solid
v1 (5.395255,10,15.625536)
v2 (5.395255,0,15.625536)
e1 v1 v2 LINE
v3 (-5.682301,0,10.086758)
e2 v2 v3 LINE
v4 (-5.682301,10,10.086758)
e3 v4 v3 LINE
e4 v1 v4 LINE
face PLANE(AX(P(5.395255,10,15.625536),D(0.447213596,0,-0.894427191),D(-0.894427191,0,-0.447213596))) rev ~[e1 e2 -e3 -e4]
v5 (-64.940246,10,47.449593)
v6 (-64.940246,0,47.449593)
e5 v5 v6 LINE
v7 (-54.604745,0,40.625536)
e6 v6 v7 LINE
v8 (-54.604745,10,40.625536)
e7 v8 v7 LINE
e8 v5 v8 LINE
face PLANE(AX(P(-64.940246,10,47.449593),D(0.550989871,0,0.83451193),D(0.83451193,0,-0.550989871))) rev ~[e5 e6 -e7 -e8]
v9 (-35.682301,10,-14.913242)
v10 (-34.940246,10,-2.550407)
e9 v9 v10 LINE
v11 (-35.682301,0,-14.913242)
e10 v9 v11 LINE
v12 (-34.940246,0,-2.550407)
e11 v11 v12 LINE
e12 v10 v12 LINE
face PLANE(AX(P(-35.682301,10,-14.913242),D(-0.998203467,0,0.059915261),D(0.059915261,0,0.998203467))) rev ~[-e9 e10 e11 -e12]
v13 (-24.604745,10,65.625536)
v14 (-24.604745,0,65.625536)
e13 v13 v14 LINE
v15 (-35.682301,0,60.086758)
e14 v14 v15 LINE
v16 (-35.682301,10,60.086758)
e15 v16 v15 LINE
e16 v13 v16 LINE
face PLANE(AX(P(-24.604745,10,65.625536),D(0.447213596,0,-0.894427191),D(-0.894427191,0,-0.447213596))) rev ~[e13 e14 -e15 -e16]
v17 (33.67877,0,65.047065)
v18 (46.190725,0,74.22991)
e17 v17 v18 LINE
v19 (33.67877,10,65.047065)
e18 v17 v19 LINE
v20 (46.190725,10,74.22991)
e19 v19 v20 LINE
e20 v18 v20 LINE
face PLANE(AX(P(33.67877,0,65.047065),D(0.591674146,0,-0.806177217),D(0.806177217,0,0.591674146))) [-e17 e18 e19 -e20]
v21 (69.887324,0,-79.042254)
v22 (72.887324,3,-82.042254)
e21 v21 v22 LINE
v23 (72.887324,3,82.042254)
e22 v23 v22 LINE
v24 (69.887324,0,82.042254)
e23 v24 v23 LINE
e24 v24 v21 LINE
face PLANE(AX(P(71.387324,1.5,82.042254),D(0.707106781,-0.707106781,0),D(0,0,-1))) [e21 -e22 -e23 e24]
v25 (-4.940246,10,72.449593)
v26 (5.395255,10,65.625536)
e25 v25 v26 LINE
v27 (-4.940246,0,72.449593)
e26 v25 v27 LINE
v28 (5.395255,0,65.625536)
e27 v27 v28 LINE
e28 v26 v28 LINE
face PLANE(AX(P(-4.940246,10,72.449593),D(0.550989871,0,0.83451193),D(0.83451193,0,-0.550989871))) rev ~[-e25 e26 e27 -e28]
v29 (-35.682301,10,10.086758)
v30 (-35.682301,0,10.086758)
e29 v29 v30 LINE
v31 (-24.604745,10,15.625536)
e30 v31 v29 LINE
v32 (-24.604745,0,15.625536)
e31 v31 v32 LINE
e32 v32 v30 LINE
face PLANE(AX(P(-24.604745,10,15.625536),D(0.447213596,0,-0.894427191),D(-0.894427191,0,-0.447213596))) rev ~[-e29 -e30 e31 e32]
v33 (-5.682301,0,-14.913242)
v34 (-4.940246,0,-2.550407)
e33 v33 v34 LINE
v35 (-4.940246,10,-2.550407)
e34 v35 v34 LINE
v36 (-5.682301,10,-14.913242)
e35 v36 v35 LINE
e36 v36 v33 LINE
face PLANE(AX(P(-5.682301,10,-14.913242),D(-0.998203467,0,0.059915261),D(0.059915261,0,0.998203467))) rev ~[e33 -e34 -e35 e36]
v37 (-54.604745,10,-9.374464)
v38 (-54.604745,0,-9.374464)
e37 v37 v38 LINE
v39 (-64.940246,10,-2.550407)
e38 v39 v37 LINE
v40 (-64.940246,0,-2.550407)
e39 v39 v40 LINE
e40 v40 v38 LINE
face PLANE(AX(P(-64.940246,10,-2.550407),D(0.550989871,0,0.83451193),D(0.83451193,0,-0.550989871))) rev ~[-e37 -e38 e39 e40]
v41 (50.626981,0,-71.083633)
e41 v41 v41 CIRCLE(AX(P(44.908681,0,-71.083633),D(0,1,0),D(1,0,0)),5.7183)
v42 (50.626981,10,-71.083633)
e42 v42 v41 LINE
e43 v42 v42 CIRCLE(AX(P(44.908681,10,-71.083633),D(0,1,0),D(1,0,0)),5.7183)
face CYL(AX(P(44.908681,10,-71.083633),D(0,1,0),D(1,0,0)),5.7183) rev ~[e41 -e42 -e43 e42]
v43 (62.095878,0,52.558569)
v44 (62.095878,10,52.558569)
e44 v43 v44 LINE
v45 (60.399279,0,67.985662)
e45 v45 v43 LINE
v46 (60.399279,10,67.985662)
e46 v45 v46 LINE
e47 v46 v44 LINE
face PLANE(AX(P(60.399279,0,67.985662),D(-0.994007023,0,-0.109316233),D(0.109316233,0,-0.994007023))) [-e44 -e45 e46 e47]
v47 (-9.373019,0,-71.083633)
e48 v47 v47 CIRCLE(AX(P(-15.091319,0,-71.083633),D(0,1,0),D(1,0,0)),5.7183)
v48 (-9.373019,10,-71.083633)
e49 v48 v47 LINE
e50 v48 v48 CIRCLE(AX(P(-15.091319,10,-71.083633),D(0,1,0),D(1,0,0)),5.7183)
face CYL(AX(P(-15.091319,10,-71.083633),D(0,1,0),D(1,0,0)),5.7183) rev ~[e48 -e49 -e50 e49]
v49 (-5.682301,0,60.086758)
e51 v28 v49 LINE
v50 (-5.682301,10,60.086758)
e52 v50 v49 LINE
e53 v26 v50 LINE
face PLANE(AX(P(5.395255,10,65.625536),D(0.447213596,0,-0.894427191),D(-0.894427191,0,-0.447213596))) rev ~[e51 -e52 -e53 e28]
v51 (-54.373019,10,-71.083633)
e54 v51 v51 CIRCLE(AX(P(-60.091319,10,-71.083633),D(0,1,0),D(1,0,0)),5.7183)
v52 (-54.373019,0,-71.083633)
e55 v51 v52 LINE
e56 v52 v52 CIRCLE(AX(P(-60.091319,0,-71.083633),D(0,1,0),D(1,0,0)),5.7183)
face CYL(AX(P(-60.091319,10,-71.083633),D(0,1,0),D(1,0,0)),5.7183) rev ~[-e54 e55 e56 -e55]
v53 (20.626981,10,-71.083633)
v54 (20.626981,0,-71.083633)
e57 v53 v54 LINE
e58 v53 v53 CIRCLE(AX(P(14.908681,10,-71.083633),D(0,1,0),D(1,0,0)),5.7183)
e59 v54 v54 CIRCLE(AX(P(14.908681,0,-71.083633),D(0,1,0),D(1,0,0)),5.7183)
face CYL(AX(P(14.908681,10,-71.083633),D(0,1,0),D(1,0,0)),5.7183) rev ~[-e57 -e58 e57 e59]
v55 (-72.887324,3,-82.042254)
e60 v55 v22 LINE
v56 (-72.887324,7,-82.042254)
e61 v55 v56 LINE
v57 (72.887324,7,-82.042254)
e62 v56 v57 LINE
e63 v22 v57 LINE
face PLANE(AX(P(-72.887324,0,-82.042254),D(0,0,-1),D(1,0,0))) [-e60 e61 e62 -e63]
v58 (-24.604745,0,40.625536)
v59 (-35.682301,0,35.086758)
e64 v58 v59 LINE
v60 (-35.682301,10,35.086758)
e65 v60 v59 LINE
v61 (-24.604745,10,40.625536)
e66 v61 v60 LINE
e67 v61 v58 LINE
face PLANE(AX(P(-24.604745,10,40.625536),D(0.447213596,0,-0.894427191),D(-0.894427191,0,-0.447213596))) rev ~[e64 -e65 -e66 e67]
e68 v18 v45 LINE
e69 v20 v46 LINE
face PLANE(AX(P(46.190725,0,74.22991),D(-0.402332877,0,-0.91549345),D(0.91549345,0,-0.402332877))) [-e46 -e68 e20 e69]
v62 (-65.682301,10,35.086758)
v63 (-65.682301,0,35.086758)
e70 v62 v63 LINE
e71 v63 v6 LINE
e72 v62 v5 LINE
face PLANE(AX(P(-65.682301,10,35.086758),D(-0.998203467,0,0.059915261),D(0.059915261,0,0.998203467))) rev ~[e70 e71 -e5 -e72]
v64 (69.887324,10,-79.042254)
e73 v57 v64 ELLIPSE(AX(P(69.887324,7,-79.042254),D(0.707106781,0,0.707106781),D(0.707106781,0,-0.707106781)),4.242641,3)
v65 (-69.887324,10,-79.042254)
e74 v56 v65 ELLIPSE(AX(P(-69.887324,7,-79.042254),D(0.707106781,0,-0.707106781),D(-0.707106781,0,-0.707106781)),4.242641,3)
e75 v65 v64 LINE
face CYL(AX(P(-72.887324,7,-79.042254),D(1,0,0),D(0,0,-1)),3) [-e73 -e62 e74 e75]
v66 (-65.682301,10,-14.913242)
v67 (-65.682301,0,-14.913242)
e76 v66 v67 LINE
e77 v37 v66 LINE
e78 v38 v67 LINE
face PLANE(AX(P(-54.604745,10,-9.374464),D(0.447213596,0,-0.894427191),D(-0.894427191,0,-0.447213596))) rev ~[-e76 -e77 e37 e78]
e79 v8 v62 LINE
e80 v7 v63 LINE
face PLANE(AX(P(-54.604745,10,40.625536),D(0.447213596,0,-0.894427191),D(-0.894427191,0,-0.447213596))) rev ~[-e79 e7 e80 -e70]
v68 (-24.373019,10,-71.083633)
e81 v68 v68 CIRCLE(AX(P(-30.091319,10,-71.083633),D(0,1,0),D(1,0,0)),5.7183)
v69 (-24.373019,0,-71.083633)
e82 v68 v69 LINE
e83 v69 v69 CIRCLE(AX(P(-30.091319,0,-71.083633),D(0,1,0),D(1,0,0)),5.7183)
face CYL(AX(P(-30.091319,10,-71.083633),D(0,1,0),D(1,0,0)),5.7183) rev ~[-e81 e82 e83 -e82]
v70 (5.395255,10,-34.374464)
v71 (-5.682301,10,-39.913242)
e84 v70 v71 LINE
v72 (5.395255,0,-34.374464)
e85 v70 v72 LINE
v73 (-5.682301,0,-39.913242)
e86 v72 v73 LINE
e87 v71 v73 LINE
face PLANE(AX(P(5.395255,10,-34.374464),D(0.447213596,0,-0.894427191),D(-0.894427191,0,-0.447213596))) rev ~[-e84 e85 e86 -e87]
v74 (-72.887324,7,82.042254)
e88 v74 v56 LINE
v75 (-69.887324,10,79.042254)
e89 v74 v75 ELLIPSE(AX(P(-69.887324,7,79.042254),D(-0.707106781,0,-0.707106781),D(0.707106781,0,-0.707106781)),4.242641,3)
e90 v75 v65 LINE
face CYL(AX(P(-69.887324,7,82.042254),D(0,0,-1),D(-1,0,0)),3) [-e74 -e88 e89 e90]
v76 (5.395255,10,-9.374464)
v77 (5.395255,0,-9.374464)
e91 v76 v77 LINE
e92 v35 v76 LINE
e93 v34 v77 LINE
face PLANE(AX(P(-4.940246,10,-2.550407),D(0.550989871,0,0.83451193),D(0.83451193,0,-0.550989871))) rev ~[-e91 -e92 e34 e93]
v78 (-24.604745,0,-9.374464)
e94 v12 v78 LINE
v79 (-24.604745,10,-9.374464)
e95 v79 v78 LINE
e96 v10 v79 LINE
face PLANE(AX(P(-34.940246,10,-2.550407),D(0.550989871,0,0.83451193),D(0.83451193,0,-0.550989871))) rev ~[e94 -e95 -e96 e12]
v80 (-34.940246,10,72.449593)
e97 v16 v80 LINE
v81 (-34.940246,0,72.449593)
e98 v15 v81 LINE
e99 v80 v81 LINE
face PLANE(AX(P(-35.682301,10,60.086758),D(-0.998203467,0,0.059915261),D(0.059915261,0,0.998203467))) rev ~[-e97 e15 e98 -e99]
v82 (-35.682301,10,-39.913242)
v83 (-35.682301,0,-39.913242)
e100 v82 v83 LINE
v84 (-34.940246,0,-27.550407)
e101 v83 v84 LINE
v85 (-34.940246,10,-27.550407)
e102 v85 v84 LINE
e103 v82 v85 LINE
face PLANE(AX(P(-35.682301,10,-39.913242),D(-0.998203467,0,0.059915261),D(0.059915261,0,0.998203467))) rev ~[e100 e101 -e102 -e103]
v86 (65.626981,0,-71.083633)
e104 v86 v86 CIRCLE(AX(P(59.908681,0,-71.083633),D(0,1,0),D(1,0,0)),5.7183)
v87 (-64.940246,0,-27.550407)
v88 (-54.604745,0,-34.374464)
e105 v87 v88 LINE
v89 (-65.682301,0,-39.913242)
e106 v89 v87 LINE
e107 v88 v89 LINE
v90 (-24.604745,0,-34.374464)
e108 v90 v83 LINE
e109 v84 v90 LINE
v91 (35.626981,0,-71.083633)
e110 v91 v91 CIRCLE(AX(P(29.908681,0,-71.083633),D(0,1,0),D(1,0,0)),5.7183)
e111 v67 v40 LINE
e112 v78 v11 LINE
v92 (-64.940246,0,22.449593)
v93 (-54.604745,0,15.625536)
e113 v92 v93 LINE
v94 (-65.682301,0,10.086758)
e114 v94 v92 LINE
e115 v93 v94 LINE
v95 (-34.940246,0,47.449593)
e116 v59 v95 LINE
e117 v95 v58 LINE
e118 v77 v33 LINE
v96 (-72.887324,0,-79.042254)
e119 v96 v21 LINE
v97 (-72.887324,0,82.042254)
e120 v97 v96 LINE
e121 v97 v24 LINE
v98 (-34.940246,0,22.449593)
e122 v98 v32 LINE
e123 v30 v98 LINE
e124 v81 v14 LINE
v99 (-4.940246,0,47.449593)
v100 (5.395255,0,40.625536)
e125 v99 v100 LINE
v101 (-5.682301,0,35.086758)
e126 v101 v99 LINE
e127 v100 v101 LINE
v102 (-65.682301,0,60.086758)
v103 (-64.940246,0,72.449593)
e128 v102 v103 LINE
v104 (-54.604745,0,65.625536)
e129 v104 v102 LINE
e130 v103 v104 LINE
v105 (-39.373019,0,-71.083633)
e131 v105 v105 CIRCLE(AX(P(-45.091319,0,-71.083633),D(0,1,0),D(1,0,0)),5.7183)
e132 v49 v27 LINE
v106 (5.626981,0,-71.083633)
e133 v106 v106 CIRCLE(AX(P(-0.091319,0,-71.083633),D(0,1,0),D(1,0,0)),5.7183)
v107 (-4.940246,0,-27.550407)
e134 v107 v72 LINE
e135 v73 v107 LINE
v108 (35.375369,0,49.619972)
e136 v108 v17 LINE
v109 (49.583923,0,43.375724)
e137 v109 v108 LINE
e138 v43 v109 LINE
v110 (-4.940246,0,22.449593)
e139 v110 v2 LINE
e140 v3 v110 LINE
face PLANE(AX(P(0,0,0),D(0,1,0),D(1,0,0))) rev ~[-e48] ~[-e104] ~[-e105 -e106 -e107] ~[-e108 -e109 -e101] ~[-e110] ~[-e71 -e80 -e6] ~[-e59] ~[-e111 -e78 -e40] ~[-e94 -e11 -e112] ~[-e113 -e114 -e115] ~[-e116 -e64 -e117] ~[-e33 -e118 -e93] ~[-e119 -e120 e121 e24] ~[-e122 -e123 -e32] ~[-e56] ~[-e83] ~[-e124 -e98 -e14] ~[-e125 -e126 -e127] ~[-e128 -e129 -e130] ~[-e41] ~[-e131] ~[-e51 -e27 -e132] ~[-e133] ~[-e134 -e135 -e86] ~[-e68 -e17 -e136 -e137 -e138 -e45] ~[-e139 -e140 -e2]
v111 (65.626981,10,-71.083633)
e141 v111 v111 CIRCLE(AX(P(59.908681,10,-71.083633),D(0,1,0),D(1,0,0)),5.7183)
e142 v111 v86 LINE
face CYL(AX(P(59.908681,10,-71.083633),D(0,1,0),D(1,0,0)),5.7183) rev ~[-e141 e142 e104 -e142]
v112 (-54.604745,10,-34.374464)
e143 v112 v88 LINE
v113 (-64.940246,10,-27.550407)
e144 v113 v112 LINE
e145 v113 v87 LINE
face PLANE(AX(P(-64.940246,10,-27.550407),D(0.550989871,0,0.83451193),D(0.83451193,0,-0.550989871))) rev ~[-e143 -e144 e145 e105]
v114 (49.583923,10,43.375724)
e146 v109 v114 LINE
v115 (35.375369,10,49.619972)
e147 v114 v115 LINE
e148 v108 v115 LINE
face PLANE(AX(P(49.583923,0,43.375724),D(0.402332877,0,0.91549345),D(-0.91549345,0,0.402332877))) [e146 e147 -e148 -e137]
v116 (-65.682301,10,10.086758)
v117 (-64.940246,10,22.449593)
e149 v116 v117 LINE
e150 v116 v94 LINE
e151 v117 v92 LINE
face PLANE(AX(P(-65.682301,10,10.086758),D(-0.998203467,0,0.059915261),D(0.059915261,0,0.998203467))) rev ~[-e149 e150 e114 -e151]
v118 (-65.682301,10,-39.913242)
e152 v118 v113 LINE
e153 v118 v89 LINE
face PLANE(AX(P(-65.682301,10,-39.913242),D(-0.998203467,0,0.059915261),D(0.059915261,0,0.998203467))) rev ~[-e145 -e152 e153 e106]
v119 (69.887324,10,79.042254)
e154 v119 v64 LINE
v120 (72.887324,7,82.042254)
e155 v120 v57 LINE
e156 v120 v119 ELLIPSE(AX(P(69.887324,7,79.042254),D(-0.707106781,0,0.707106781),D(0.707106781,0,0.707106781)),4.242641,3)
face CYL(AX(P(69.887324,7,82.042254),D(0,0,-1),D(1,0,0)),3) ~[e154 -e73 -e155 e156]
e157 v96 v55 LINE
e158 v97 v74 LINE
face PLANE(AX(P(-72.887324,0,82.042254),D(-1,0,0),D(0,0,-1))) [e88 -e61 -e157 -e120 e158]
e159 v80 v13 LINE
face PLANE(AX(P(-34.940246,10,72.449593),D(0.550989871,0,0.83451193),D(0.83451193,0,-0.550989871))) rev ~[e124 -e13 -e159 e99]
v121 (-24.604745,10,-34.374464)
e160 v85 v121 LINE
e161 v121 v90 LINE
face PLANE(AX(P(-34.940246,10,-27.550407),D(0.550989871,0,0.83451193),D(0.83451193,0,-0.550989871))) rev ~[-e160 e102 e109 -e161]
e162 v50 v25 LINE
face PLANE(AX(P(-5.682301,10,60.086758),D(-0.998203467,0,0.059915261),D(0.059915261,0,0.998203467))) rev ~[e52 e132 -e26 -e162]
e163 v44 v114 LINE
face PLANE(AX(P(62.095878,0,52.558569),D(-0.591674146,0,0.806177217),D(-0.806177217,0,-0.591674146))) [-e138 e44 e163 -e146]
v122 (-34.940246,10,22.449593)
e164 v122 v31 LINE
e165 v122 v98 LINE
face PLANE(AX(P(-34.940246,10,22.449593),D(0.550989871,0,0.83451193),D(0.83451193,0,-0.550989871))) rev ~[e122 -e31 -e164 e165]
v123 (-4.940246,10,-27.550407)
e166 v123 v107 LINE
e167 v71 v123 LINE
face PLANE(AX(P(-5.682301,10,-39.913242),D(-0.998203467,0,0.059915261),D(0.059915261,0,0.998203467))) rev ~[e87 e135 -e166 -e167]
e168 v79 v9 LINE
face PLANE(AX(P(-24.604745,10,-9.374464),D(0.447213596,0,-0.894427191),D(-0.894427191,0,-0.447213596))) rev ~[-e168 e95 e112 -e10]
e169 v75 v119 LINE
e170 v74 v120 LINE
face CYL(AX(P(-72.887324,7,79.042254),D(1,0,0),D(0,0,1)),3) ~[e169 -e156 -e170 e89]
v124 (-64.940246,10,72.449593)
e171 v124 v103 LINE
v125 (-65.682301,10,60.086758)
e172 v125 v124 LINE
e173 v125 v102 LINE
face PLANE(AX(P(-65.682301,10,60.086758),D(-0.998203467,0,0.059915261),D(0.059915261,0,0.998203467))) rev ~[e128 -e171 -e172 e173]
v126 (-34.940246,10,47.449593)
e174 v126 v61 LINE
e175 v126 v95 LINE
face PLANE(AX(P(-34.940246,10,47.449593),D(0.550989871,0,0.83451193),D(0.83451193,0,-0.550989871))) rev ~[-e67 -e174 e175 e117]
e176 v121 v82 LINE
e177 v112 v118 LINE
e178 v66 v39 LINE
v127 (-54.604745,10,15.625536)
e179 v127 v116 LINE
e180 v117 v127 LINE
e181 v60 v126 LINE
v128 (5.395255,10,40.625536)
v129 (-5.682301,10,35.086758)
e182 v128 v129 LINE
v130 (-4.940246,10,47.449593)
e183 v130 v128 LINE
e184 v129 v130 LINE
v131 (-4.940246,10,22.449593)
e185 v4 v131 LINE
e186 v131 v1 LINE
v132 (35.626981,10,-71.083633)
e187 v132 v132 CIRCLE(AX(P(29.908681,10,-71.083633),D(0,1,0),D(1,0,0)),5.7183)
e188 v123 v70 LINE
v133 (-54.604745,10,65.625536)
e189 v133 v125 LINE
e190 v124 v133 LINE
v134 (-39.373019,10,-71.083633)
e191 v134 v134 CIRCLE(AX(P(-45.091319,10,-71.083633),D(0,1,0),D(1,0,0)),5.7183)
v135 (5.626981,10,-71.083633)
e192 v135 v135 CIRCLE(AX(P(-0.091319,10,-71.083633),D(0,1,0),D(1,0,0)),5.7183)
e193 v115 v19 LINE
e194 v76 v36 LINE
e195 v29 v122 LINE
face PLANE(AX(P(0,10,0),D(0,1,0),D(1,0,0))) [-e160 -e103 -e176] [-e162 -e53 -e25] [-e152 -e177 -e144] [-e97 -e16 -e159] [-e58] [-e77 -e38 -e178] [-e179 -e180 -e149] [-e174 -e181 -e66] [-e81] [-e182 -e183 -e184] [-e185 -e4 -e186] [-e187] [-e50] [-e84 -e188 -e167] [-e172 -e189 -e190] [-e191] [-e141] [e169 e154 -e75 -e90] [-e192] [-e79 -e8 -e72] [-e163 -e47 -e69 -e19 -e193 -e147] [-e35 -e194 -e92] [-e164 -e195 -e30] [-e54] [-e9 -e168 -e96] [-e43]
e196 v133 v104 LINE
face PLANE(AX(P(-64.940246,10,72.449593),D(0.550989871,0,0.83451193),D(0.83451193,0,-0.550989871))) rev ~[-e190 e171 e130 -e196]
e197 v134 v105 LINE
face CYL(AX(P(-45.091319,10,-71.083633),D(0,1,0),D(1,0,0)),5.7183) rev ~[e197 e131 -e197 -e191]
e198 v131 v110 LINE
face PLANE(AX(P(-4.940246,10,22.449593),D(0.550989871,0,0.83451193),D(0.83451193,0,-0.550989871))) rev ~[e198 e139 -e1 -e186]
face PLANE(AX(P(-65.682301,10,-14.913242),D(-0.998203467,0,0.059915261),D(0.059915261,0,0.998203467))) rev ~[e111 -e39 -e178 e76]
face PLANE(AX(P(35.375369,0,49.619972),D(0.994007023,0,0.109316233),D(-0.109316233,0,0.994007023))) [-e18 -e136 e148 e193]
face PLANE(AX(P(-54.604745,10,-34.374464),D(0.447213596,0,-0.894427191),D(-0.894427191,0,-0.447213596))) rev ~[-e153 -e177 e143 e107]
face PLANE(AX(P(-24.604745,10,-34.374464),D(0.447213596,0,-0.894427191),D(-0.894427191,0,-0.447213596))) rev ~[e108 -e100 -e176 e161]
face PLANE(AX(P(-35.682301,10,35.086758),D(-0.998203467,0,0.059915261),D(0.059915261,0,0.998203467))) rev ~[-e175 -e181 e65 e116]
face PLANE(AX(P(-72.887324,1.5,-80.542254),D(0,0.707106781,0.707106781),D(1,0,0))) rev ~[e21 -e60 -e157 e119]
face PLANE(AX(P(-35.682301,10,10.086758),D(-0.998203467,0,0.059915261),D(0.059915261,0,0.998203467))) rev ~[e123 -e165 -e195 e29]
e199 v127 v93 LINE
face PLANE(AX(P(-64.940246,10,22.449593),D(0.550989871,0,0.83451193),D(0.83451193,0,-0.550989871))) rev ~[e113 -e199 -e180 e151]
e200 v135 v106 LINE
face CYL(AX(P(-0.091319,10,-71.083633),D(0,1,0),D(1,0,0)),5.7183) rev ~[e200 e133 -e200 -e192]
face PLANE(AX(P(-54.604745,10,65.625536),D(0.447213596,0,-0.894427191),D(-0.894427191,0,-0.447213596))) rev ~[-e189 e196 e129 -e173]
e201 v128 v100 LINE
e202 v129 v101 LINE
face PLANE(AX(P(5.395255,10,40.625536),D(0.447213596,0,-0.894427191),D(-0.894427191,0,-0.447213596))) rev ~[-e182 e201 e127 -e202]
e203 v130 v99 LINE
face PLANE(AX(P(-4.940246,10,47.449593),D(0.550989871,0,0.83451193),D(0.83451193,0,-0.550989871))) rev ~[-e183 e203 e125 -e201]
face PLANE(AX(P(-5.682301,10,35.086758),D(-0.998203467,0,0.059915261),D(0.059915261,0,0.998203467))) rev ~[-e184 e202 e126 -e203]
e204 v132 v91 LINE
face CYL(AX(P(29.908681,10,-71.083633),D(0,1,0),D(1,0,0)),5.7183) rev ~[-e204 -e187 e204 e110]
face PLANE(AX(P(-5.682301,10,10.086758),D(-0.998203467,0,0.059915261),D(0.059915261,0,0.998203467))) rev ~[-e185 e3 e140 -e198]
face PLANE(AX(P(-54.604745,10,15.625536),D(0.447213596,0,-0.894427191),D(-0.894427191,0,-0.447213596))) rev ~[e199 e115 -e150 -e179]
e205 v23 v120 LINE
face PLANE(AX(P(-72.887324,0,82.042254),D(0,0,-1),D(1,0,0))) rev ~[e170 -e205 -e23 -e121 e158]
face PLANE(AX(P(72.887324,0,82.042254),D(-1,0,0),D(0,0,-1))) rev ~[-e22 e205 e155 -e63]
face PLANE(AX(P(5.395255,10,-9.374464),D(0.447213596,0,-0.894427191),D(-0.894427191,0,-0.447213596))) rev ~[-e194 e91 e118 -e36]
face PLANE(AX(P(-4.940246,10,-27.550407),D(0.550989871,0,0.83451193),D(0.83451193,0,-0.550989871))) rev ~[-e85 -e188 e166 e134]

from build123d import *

# Parameters (mm, degrees)
SKETCH1_W            = 145.774647888
SKETCH1_H            = 164.084507042
BOSS_EXTRUDE1_DEPTH  = 10
FILLET1_R            = 3
SKETCH2_R            = 5.718299624
CUT_EXTRUDE1_DEPTH   = 10
LPATTERN1_COUNT      = 9
LPATTERN1_PITCH      = 15
CUT_EXTRUDE2_DEPTH   = 10
LPATTERN2_COUNT      = 5
LPATTERN2_PITCH      = 25
LPATTERN2_COUNT_DIR2 = 3
LPATTERN2_PITCH_DIR2 = 30
CHAMFER1_SIZE        = 3


with BuildPart() as part:
    # Sketch1 → Boss-Extrude1 (new body)
    with BuildSketch(Plane(origin=(0, 0, 0), x_dir=(1, 0, 0), z_dir=(0, 1, 0))):
        Rectangle(SKETCH1_W, SKETCH1_H)
        Polygon((60.399278767, -67.985661607), (62.095878149, -52.558568526), (49.583923326, -43.375723821), (35.375369121, -49.619972196), (33.678769738, -65.047065276), (46.190724561, -74.229909982), align=None, mode=Mode.SUBTRACT)
    extrude(amount=BOSS_EXTRUDE1_DEPTH)

    # Fillet1
    fillet1_edges = [part.edges().sort_by_distance(p)[0] for p in [
        (-72.887323944, 10, 0),
        (0, 10, 82.042253521),
        (72.887323944, 10, 0),
        (0, 10, -82.042253521),
    ]]
    fillet(fillet1_edges, radius=FILLET1_R)

    # Sketch2 → Cut-Extrude1 (cut)
    with BuildSketch(Plane(origin=(0, 10, 0), x_dir=(1, 0, 0), z_dir=(0, 1, 0))):
        with Locations((-60.091318796, 71.08363321)):
            Circle(SKETCH2_R)
    cut_extrude1 = extrude(amount=-CUT_EXTRUDE1_DEPTH, mode=Mode.SUBTRACT)

    # LPattern1: Cut-Extrude1 ×9
    with Locations(*[(i * LPATTERN1_PITCH, 0, 0) for i in range(1, LPATTERN1_COUNT)]):
        add(cut_extrude1, mode=Mode.SUBTRACT)

    # Sketch3 → Cut-Extrude2 (cut)
    with BuildSketch(Plane(origin=(0, 10, 0), x_dir=(1, 0, 0), z_dir=(0, 1, 0))):
        Polygon((-64.940245829, 27.550407321), (-54.604744837, 34.374463584), (-65.682301413, 39.913241872), align=None)
    cut_extrude2 = extrude(amount=-CUT_EXTRUDE2_DEPTH, mode=Mode.SUBTRACT)

    # LPattern2: Cut-Extrude2 5 × 3
    with Locations(*[(j * LPATTERN2_PITCH_DIR2, 0, i * LPATTERN2_PITCH) for i in range(LPATTERN2_COUNT) for j in range(LPATTERN2_COUNT_DIR2) if (i, j) != (0, 0)]):
        add(cut_extrude2, mode=Mode.SUBTRACT)

    # Chamfer1
    chamfer1_edges = [part.edges().sort_by_distance(p)[0] for p in [
        (0, 0, -82.042253521),
        (72.887323944, 0, 0),
    ]]
    chamfer(chamfer1_edges, length=CHAMFER1_SIZE)


solid = part.part
